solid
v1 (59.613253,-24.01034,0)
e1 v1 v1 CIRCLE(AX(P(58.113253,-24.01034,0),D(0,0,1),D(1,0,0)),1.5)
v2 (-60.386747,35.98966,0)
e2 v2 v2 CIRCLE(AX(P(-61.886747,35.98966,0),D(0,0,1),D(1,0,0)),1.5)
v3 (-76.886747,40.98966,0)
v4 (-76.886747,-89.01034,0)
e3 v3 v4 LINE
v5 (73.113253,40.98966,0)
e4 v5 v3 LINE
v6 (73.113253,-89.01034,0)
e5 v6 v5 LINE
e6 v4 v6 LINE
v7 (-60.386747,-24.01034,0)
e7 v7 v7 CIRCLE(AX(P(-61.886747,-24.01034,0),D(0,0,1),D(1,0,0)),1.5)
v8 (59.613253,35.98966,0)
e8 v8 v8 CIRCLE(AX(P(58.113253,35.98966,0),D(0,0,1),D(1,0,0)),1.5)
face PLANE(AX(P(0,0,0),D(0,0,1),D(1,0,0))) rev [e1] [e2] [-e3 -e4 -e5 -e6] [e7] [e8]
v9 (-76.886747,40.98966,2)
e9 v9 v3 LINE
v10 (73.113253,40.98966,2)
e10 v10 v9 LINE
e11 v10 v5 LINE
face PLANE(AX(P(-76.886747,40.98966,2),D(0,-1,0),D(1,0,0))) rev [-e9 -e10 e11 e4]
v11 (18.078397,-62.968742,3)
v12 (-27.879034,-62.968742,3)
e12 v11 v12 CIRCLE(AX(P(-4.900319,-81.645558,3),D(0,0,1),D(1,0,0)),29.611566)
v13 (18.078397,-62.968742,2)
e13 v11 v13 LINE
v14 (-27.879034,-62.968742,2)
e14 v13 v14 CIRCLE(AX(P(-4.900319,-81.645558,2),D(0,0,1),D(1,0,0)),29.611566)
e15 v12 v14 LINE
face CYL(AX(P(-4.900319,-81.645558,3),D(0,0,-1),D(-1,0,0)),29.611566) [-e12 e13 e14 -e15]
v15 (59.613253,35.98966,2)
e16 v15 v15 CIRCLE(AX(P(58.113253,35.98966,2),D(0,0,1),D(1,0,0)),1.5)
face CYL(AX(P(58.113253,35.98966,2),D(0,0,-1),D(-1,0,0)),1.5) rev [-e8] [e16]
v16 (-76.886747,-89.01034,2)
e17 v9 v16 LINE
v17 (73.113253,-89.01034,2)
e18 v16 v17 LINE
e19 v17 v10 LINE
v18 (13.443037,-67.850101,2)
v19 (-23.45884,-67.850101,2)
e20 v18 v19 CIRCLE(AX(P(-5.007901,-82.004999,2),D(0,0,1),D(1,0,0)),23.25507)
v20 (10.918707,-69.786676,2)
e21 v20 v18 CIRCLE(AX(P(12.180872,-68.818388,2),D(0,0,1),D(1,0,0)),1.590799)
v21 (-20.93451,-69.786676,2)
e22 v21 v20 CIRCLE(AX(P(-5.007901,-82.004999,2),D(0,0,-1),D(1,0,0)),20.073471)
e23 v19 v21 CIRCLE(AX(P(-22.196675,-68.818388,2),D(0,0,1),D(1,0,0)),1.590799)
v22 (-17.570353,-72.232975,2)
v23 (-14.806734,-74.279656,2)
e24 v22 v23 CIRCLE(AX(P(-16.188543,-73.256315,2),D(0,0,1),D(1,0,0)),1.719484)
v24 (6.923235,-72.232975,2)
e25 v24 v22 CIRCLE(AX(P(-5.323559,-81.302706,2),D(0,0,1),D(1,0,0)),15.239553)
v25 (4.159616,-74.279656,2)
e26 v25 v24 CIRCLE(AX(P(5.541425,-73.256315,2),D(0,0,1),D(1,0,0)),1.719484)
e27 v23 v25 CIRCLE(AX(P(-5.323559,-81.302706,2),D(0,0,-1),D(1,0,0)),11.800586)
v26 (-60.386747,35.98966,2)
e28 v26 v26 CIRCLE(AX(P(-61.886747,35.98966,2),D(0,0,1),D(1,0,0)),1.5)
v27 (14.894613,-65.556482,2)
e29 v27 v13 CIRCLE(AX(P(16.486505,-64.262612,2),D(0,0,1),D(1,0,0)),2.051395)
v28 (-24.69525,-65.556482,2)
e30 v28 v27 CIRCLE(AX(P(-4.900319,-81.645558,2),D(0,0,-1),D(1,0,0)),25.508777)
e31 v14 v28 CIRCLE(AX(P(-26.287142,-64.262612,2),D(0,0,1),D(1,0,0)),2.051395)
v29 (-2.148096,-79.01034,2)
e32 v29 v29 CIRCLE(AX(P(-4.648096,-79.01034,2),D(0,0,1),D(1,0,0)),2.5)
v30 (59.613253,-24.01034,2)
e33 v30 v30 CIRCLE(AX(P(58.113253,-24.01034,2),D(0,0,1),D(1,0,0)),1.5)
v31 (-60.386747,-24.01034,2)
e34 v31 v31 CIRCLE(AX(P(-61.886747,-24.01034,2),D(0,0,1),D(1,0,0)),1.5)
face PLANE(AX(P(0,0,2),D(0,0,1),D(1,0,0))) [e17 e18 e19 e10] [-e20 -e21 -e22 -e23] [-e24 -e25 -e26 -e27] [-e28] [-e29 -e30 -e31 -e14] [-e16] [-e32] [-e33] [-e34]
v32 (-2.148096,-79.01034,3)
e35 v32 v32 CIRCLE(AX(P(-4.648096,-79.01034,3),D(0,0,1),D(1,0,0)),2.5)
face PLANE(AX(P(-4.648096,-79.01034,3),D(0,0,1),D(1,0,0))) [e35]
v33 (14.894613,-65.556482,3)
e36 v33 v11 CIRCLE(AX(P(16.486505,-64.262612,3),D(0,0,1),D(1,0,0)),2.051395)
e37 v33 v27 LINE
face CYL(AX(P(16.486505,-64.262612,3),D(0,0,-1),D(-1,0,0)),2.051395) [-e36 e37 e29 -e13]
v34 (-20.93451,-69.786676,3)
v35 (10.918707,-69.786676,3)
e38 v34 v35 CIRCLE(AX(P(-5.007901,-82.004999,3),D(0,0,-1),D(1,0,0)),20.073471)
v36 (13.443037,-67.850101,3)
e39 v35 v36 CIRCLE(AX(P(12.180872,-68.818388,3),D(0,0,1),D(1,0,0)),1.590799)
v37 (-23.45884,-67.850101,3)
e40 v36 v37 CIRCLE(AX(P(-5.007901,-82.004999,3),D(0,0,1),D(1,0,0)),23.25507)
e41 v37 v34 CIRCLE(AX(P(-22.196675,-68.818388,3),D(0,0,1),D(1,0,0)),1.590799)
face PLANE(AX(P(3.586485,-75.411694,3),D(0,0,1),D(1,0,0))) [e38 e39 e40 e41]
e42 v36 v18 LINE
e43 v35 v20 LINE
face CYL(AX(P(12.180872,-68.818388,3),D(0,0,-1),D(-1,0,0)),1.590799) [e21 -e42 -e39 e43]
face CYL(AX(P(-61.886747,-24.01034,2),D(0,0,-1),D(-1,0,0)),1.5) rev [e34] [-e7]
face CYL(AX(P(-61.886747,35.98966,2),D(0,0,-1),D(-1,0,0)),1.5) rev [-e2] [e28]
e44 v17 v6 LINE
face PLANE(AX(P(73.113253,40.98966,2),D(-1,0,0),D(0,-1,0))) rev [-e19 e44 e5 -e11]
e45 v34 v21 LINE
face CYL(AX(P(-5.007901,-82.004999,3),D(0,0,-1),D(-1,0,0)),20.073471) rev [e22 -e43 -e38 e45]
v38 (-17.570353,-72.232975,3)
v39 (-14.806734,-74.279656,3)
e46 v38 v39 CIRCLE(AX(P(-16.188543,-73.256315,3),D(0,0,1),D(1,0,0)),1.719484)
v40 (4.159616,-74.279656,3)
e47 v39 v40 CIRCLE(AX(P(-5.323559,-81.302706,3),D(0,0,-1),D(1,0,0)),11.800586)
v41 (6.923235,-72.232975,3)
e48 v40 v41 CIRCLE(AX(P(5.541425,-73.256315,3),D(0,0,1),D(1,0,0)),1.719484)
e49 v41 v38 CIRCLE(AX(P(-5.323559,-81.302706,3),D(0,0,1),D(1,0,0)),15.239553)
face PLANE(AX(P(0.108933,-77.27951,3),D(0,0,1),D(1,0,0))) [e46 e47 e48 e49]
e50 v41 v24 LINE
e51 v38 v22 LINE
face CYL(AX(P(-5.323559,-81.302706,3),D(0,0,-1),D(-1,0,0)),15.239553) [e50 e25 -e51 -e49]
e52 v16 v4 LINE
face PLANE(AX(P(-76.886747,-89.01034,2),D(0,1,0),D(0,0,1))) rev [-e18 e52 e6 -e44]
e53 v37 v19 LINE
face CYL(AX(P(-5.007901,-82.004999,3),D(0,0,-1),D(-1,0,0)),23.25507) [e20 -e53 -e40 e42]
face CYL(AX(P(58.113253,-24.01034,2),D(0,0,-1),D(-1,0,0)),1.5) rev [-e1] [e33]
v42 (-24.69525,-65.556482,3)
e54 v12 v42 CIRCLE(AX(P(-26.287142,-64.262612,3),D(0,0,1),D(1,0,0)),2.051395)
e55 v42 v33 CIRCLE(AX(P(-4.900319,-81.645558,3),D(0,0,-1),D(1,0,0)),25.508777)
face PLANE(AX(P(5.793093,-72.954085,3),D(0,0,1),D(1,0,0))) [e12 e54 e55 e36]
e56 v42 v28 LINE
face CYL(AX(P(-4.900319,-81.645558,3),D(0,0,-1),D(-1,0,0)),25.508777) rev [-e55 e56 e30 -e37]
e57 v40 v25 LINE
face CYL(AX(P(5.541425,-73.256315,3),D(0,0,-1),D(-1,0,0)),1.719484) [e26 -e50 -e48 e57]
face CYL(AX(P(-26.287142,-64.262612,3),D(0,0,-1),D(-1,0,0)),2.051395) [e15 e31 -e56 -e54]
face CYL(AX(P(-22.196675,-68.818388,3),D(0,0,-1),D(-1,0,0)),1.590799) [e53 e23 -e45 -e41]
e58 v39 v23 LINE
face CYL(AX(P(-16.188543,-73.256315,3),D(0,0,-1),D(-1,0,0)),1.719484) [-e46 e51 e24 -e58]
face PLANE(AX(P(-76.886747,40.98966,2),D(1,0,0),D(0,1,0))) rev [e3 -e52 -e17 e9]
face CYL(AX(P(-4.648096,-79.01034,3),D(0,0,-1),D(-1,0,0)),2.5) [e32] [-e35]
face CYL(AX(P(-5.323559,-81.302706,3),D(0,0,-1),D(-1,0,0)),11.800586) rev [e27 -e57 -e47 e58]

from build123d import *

# Parameters (mm, degrees)
SKETCH1_W           = 150
SKETCH1_H           = 130
SKETCH1_R           = 1.5
BOSS_EXTRUDE1_DEPTH = 2
SKETCH3_R           = 2.5
BOSS_EXTRUDE2_DEPTH = 1


with BuildPart() as part:
    # Sketch1 → Boss-Extrude1 (new body)
    with BuildSketch(Plane.XY):
        with Locations((-1.886747415, -24.010339734)):
            Rectangle(SKETCH1_W, SKETCH1_H)
        with Locations((-61.886747415, 35.989660266)):
            Circle(SKETCH1_R, mode=Mode.SUBTRACT)
        with Locations((58.113252585, 35.989660266)):
            Circle(SKETCH1_R, mode=Mode.SUBTRACT)
        with Locations((-61.886747415, -24.010339734)):
            Circle(SKETCH1_R, mode=Mode.SUBTRACT)
        with Locations((58.113252585, -24.010339734)):
            Circle(SKETCH1_R, mode=Mode.SUBTRACT)
    extrude(amount=BOSS_EXTRUDE1_DEPTH)

    # Sketch3 → Boss-Extrude2 (add)
    with BuildSketch(Plane.XY.offset(2)):
        with Locations((-4.64809573, -79.010339734)):
            Circle(SKETCH3_R)
        with BuildLine():
            ThreePointArc((6.923235342, -72.232974628), (-5.323558957, -66.063152089), (-17.570353256, -72.232974628))
            ThreePointArc((-17.570353256, -72.232974628), (-17.211884144, -74.638125217), (-14.806733555, -74.279656105))
            ThreePointArc((-14.806733555, -74.279656105), (-5.323558957, -69.502119801), (4.159615641, -74.279656105))
            ThreePointArc((4.159615641, -74.279656105), (6.56476623, -74.638125217), (6.923235342, -72.232974628))
        make_face()
        with BuildLine():
            ThreePointArc((18.078397342, -62.968741701), (-4.900318567, -52.033991798), (-27.879034477, -62.968741701))
            ThreePointArc((-27.879034477, -62.968741701), (-27.581012613, -65.854503882), (-24.695250433, -65.556482018))
            ThreePointArc((-24.695250433, -65.556482018), (-4.900318567, -56.136781189), (14.894613298, -65.556482018))
            ThreePointArc((14.894613298, -65.556482018), (17.780375479, -65.854503882), (18.078397342, -62.968741701))
        make_face()
        with BuildLine():
            ThreePointArc((13.443037293, -67.850100594), (-5.007901344, -58.749928764), (-23.458839981, -67.850100594))
            ThreePointArc((-23.458839981, -67.850100594), (-23.164962626, -70.080553699), (-20.934509521, -69.786676345))
            ThreePointArc((-20.934509521, -69.786676345), (-5.007901344, -61.931527405), (10.918706833, -69.786676345))
            ThreePointArc((10.918706833, -69.786676345), (13.149159939, -70.080553699), (13.443037293, -67.850100594))
        make_face()
    extrude(amount=BOSS_EXTRUDE2_DEPTH)


solid = part.part
